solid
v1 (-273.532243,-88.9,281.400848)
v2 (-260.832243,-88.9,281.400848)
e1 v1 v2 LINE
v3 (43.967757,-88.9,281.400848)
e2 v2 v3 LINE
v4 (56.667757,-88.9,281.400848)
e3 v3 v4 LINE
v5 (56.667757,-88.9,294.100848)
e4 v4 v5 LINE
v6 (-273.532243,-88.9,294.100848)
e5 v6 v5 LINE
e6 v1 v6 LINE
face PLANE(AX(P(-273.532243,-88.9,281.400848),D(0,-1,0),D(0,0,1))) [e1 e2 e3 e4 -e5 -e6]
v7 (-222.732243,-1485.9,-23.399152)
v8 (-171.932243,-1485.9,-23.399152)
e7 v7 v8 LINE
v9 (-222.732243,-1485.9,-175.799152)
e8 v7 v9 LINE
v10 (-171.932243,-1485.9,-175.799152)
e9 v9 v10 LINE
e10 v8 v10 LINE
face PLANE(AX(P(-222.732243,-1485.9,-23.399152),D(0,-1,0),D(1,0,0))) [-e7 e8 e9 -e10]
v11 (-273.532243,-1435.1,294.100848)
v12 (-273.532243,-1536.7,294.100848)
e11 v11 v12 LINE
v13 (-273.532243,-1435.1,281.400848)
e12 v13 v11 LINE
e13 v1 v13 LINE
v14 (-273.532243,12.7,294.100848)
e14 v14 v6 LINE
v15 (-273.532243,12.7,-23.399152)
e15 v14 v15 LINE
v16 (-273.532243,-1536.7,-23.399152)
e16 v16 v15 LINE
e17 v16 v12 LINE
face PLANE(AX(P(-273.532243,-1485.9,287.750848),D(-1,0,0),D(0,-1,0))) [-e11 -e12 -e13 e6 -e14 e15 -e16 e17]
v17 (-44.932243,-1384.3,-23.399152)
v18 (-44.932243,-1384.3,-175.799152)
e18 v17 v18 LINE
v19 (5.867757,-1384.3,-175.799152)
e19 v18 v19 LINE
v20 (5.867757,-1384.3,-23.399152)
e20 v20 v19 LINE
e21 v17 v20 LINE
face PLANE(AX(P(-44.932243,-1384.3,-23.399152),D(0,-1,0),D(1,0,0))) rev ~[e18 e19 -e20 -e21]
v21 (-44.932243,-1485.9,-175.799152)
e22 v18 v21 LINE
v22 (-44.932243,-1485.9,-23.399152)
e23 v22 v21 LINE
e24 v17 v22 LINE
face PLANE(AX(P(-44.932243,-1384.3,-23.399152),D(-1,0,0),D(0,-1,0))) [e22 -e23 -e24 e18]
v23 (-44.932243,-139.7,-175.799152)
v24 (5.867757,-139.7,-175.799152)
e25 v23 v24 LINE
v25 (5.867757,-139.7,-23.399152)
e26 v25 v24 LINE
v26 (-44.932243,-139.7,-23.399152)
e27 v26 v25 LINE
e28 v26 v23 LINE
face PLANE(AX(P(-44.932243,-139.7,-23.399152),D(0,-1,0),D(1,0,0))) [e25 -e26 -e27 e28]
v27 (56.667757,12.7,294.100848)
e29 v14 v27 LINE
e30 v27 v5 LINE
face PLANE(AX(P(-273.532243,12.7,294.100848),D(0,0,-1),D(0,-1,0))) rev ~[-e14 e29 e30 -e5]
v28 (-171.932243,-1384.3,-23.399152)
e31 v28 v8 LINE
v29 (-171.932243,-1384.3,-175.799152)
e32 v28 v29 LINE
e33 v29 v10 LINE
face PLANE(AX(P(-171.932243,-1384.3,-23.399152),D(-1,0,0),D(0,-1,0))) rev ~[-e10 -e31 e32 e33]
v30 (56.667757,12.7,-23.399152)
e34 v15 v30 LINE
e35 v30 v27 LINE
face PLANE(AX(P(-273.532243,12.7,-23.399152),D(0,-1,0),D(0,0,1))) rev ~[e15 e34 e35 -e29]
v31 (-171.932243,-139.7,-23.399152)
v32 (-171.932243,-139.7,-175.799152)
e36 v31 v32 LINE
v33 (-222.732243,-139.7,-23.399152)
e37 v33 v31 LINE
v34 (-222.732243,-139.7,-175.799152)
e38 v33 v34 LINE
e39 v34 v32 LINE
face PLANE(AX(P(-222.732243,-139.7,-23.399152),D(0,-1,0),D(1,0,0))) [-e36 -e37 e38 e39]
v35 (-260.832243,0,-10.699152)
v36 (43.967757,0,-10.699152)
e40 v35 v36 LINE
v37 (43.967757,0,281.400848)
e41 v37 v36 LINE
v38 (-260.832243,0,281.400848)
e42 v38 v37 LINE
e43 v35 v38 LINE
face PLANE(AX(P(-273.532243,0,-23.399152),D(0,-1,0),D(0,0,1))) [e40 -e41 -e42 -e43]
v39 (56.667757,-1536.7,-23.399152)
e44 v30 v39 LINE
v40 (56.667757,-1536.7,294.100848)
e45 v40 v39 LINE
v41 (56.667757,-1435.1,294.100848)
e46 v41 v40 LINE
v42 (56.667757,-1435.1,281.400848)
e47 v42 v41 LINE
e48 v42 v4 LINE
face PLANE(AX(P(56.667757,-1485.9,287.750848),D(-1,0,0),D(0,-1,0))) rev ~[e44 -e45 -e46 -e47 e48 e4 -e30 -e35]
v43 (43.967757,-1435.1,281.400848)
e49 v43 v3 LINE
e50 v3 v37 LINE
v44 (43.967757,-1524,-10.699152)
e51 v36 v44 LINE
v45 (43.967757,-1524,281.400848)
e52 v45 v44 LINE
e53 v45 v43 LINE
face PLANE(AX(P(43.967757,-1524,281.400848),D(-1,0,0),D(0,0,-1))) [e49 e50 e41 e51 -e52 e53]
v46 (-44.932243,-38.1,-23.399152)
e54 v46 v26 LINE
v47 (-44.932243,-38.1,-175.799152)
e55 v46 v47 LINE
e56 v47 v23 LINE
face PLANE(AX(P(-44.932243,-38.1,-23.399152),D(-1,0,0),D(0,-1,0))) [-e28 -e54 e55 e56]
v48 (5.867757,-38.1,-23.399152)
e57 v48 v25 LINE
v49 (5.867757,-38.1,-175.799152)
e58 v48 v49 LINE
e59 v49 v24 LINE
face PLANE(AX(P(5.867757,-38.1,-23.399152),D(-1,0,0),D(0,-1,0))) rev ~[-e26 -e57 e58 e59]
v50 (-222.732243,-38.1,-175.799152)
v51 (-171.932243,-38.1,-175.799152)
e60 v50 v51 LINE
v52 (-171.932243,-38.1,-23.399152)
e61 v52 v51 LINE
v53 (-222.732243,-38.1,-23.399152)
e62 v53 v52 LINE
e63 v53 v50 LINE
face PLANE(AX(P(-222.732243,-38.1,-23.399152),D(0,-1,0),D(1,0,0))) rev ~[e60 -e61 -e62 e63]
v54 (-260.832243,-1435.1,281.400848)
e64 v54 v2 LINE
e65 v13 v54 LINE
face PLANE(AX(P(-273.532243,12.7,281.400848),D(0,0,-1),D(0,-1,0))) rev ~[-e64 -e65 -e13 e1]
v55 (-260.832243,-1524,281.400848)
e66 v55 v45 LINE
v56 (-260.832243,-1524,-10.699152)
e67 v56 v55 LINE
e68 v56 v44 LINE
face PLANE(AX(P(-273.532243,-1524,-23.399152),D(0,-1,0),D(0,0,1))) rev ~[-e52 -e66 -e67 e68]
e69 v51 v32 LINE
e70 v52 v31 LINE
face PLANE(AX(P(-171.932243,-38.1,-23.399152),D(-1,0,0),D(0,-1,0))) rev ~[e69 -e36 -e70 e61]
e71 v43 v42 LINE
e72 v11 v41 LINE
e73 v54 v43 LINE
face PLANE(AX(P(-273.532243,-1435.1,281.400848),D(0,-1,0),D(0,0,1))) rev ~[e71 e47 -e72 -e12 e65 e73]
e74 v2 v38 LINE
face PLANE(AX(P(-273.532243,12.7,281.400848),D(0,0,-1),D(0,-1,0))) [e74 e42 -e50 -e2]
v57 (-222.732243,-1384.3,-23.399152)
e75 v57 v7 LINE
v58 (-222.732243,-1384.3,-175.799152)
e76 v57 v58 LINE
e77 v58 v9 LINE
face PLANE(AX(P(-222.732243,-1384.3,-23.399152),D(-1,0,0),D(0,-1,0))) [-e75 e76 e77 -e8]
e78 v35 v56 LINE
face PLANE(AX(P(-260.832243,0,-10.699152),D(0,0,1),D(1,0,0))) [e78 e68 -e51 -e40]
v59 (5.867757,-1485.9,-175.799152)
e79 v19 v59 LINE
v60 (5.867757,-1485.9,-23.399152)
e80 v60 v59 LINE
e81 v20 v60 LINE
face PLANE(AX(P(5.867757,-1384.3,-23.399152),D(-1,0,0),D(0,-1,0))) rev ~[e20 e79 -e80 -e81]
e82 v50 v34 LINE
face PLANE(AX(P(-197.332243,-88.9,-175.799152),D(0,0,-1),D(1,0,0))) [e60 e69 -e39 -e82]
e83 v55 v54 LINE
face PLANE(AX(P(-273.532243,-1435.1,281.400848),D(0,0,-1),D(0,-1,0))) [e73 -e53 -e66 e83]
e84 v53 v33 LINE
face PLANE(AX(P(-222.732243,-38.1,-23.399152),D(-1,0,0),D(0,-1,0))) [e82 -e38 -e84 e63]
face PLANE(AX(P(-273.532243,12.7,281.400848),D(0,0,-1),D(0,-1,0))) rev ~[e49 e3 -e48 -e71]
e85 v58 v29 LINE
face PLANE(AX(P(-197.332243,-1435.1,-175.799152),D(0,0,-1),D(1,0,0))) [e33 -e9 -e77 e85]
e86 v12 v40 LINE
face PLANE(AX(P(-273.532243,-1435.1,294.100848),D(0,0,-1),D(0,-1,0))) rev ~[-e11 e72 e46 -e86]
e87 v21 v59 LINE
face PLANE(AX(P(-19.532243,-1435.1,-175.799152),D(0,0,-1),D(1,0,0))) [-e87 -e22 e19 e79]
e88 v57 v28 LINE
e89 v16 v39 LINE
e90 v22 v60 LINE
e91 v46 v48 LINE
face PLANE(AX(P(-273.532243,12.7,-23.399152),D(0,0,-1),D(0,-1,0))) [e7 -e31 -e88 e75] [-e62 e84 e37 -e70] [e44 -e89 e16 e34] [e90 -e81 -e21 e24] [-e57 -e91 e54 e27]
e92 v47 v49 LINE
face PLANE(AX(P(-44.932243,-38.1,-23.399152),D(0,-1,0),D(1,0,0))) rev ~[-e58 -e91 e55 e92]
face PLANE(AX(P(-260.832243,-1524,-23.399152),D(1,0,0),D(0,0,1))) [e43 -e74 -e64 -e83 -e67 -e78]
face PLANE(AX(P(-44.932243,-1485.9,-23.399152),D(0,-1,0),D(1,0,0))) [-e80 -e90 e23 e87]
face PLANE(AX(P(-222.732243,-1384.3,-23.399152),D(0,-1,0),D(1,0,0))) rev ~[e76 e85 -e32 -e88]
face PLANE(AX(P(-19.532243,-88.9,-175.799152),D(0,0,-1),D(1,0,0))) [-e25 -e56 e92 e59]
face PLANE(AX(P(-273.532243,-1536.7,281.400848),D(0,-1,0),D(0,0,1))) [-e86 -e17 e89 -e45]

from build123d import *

# Parameters (mm, degrees)
F0_W     = 304.8
F0_H     = 12.7
F1_DEPTH = 1524
F3_DEPTH = 1524
F4_W     = 12.7
F4_H     = 304.8
F5_DEPTH = 330.2
F6_W     = 101.6
F6_H     = 12.7
F7_DEPTH = 330.2
F8_W     = 50.8
F8_H     = 101.6
F9_DEPTH = 152.4


with BuildPart() as f1:
    # F0 (on Front) → F1 (new body)
    with BuildSketch(Plane.XZ):
        with Locations((-108.432242626, -17.0491518617)):
            Rectangle(F0_W, F0_H)
    extrude(amount=F1_DEPTH)

    # F2 (on face) → F3 (join)
    with BuildSketch(Plane.XZ.offset(1524)):
        Polygon((-273.532242626, -23.3991518617), (-260.832242626, -23.3991518617), (-260.832242626, -10.6991518617), (-260.832242626, 281.4008481383), (-273.532242626, 281.4008481383), align=None)
        Polygon((43.967757374, -10.6991518617), (43.967757374, -23.3991518617), (56.667757374, -23.3991518617), (56.667757374, 281.4008481383), (43.967757374, 281.4008481383), align=None)
    extrude(amount=-F3_DEPTH)

    # F4 (on face) → F5 (join)
    with BuildSketch(Plane(origin=(-273.532242626, 0, 0), x_dir=(0, -1, 0), z_dir=(-1, 0, 0))):
        with Locations((-6.35, 129.0008481383)):
            Rectangle(F4_W, F4_H)
        with Locations((1530.35, 129.0008481383)):
            Rectangle(F4_W, F4_H)
    extrude(amount=-F5_DEPTH)

    # F6 (on face) → F7 (join)
    with BuildSketch(Plane(origin=(-273.532242626, 0, 0), x_dir=(0, -1, 0), z_dir=(-1, 0, 0))):
        with Locations((1485.9, 287.7508481383)):
            Rectangle(F6_W, F6_H)
        with Locations((38.1, 287.7508481383)):
            Rectangle(F6_W, F6_H)
    extrude(amount=-F7_DEPTH)

    # F8 (on face) → F9 (join)
    with BuildSketch(Plane(origin=(0, 0, -23.3991518617), x_dir=(1, 0, 0), z_dir=(0, 0, -1))):
        with Locations((-197.332242626, 88.9)):
            Rectangle(F8_W, F8_H)
        with Locations((-19.532242626, 88.9)):
            Rectangle(F8_W, F8_H)
        with Locations((-197.332242626, 1435.1)):
            Rectangle(F8_W, F8_H)
        with Locations((-19.532242626, 1435.1)):
            Rectangle(F8_W, F8_H)
    extrude(amount=F9_DEPTH)


solid = f1.part
